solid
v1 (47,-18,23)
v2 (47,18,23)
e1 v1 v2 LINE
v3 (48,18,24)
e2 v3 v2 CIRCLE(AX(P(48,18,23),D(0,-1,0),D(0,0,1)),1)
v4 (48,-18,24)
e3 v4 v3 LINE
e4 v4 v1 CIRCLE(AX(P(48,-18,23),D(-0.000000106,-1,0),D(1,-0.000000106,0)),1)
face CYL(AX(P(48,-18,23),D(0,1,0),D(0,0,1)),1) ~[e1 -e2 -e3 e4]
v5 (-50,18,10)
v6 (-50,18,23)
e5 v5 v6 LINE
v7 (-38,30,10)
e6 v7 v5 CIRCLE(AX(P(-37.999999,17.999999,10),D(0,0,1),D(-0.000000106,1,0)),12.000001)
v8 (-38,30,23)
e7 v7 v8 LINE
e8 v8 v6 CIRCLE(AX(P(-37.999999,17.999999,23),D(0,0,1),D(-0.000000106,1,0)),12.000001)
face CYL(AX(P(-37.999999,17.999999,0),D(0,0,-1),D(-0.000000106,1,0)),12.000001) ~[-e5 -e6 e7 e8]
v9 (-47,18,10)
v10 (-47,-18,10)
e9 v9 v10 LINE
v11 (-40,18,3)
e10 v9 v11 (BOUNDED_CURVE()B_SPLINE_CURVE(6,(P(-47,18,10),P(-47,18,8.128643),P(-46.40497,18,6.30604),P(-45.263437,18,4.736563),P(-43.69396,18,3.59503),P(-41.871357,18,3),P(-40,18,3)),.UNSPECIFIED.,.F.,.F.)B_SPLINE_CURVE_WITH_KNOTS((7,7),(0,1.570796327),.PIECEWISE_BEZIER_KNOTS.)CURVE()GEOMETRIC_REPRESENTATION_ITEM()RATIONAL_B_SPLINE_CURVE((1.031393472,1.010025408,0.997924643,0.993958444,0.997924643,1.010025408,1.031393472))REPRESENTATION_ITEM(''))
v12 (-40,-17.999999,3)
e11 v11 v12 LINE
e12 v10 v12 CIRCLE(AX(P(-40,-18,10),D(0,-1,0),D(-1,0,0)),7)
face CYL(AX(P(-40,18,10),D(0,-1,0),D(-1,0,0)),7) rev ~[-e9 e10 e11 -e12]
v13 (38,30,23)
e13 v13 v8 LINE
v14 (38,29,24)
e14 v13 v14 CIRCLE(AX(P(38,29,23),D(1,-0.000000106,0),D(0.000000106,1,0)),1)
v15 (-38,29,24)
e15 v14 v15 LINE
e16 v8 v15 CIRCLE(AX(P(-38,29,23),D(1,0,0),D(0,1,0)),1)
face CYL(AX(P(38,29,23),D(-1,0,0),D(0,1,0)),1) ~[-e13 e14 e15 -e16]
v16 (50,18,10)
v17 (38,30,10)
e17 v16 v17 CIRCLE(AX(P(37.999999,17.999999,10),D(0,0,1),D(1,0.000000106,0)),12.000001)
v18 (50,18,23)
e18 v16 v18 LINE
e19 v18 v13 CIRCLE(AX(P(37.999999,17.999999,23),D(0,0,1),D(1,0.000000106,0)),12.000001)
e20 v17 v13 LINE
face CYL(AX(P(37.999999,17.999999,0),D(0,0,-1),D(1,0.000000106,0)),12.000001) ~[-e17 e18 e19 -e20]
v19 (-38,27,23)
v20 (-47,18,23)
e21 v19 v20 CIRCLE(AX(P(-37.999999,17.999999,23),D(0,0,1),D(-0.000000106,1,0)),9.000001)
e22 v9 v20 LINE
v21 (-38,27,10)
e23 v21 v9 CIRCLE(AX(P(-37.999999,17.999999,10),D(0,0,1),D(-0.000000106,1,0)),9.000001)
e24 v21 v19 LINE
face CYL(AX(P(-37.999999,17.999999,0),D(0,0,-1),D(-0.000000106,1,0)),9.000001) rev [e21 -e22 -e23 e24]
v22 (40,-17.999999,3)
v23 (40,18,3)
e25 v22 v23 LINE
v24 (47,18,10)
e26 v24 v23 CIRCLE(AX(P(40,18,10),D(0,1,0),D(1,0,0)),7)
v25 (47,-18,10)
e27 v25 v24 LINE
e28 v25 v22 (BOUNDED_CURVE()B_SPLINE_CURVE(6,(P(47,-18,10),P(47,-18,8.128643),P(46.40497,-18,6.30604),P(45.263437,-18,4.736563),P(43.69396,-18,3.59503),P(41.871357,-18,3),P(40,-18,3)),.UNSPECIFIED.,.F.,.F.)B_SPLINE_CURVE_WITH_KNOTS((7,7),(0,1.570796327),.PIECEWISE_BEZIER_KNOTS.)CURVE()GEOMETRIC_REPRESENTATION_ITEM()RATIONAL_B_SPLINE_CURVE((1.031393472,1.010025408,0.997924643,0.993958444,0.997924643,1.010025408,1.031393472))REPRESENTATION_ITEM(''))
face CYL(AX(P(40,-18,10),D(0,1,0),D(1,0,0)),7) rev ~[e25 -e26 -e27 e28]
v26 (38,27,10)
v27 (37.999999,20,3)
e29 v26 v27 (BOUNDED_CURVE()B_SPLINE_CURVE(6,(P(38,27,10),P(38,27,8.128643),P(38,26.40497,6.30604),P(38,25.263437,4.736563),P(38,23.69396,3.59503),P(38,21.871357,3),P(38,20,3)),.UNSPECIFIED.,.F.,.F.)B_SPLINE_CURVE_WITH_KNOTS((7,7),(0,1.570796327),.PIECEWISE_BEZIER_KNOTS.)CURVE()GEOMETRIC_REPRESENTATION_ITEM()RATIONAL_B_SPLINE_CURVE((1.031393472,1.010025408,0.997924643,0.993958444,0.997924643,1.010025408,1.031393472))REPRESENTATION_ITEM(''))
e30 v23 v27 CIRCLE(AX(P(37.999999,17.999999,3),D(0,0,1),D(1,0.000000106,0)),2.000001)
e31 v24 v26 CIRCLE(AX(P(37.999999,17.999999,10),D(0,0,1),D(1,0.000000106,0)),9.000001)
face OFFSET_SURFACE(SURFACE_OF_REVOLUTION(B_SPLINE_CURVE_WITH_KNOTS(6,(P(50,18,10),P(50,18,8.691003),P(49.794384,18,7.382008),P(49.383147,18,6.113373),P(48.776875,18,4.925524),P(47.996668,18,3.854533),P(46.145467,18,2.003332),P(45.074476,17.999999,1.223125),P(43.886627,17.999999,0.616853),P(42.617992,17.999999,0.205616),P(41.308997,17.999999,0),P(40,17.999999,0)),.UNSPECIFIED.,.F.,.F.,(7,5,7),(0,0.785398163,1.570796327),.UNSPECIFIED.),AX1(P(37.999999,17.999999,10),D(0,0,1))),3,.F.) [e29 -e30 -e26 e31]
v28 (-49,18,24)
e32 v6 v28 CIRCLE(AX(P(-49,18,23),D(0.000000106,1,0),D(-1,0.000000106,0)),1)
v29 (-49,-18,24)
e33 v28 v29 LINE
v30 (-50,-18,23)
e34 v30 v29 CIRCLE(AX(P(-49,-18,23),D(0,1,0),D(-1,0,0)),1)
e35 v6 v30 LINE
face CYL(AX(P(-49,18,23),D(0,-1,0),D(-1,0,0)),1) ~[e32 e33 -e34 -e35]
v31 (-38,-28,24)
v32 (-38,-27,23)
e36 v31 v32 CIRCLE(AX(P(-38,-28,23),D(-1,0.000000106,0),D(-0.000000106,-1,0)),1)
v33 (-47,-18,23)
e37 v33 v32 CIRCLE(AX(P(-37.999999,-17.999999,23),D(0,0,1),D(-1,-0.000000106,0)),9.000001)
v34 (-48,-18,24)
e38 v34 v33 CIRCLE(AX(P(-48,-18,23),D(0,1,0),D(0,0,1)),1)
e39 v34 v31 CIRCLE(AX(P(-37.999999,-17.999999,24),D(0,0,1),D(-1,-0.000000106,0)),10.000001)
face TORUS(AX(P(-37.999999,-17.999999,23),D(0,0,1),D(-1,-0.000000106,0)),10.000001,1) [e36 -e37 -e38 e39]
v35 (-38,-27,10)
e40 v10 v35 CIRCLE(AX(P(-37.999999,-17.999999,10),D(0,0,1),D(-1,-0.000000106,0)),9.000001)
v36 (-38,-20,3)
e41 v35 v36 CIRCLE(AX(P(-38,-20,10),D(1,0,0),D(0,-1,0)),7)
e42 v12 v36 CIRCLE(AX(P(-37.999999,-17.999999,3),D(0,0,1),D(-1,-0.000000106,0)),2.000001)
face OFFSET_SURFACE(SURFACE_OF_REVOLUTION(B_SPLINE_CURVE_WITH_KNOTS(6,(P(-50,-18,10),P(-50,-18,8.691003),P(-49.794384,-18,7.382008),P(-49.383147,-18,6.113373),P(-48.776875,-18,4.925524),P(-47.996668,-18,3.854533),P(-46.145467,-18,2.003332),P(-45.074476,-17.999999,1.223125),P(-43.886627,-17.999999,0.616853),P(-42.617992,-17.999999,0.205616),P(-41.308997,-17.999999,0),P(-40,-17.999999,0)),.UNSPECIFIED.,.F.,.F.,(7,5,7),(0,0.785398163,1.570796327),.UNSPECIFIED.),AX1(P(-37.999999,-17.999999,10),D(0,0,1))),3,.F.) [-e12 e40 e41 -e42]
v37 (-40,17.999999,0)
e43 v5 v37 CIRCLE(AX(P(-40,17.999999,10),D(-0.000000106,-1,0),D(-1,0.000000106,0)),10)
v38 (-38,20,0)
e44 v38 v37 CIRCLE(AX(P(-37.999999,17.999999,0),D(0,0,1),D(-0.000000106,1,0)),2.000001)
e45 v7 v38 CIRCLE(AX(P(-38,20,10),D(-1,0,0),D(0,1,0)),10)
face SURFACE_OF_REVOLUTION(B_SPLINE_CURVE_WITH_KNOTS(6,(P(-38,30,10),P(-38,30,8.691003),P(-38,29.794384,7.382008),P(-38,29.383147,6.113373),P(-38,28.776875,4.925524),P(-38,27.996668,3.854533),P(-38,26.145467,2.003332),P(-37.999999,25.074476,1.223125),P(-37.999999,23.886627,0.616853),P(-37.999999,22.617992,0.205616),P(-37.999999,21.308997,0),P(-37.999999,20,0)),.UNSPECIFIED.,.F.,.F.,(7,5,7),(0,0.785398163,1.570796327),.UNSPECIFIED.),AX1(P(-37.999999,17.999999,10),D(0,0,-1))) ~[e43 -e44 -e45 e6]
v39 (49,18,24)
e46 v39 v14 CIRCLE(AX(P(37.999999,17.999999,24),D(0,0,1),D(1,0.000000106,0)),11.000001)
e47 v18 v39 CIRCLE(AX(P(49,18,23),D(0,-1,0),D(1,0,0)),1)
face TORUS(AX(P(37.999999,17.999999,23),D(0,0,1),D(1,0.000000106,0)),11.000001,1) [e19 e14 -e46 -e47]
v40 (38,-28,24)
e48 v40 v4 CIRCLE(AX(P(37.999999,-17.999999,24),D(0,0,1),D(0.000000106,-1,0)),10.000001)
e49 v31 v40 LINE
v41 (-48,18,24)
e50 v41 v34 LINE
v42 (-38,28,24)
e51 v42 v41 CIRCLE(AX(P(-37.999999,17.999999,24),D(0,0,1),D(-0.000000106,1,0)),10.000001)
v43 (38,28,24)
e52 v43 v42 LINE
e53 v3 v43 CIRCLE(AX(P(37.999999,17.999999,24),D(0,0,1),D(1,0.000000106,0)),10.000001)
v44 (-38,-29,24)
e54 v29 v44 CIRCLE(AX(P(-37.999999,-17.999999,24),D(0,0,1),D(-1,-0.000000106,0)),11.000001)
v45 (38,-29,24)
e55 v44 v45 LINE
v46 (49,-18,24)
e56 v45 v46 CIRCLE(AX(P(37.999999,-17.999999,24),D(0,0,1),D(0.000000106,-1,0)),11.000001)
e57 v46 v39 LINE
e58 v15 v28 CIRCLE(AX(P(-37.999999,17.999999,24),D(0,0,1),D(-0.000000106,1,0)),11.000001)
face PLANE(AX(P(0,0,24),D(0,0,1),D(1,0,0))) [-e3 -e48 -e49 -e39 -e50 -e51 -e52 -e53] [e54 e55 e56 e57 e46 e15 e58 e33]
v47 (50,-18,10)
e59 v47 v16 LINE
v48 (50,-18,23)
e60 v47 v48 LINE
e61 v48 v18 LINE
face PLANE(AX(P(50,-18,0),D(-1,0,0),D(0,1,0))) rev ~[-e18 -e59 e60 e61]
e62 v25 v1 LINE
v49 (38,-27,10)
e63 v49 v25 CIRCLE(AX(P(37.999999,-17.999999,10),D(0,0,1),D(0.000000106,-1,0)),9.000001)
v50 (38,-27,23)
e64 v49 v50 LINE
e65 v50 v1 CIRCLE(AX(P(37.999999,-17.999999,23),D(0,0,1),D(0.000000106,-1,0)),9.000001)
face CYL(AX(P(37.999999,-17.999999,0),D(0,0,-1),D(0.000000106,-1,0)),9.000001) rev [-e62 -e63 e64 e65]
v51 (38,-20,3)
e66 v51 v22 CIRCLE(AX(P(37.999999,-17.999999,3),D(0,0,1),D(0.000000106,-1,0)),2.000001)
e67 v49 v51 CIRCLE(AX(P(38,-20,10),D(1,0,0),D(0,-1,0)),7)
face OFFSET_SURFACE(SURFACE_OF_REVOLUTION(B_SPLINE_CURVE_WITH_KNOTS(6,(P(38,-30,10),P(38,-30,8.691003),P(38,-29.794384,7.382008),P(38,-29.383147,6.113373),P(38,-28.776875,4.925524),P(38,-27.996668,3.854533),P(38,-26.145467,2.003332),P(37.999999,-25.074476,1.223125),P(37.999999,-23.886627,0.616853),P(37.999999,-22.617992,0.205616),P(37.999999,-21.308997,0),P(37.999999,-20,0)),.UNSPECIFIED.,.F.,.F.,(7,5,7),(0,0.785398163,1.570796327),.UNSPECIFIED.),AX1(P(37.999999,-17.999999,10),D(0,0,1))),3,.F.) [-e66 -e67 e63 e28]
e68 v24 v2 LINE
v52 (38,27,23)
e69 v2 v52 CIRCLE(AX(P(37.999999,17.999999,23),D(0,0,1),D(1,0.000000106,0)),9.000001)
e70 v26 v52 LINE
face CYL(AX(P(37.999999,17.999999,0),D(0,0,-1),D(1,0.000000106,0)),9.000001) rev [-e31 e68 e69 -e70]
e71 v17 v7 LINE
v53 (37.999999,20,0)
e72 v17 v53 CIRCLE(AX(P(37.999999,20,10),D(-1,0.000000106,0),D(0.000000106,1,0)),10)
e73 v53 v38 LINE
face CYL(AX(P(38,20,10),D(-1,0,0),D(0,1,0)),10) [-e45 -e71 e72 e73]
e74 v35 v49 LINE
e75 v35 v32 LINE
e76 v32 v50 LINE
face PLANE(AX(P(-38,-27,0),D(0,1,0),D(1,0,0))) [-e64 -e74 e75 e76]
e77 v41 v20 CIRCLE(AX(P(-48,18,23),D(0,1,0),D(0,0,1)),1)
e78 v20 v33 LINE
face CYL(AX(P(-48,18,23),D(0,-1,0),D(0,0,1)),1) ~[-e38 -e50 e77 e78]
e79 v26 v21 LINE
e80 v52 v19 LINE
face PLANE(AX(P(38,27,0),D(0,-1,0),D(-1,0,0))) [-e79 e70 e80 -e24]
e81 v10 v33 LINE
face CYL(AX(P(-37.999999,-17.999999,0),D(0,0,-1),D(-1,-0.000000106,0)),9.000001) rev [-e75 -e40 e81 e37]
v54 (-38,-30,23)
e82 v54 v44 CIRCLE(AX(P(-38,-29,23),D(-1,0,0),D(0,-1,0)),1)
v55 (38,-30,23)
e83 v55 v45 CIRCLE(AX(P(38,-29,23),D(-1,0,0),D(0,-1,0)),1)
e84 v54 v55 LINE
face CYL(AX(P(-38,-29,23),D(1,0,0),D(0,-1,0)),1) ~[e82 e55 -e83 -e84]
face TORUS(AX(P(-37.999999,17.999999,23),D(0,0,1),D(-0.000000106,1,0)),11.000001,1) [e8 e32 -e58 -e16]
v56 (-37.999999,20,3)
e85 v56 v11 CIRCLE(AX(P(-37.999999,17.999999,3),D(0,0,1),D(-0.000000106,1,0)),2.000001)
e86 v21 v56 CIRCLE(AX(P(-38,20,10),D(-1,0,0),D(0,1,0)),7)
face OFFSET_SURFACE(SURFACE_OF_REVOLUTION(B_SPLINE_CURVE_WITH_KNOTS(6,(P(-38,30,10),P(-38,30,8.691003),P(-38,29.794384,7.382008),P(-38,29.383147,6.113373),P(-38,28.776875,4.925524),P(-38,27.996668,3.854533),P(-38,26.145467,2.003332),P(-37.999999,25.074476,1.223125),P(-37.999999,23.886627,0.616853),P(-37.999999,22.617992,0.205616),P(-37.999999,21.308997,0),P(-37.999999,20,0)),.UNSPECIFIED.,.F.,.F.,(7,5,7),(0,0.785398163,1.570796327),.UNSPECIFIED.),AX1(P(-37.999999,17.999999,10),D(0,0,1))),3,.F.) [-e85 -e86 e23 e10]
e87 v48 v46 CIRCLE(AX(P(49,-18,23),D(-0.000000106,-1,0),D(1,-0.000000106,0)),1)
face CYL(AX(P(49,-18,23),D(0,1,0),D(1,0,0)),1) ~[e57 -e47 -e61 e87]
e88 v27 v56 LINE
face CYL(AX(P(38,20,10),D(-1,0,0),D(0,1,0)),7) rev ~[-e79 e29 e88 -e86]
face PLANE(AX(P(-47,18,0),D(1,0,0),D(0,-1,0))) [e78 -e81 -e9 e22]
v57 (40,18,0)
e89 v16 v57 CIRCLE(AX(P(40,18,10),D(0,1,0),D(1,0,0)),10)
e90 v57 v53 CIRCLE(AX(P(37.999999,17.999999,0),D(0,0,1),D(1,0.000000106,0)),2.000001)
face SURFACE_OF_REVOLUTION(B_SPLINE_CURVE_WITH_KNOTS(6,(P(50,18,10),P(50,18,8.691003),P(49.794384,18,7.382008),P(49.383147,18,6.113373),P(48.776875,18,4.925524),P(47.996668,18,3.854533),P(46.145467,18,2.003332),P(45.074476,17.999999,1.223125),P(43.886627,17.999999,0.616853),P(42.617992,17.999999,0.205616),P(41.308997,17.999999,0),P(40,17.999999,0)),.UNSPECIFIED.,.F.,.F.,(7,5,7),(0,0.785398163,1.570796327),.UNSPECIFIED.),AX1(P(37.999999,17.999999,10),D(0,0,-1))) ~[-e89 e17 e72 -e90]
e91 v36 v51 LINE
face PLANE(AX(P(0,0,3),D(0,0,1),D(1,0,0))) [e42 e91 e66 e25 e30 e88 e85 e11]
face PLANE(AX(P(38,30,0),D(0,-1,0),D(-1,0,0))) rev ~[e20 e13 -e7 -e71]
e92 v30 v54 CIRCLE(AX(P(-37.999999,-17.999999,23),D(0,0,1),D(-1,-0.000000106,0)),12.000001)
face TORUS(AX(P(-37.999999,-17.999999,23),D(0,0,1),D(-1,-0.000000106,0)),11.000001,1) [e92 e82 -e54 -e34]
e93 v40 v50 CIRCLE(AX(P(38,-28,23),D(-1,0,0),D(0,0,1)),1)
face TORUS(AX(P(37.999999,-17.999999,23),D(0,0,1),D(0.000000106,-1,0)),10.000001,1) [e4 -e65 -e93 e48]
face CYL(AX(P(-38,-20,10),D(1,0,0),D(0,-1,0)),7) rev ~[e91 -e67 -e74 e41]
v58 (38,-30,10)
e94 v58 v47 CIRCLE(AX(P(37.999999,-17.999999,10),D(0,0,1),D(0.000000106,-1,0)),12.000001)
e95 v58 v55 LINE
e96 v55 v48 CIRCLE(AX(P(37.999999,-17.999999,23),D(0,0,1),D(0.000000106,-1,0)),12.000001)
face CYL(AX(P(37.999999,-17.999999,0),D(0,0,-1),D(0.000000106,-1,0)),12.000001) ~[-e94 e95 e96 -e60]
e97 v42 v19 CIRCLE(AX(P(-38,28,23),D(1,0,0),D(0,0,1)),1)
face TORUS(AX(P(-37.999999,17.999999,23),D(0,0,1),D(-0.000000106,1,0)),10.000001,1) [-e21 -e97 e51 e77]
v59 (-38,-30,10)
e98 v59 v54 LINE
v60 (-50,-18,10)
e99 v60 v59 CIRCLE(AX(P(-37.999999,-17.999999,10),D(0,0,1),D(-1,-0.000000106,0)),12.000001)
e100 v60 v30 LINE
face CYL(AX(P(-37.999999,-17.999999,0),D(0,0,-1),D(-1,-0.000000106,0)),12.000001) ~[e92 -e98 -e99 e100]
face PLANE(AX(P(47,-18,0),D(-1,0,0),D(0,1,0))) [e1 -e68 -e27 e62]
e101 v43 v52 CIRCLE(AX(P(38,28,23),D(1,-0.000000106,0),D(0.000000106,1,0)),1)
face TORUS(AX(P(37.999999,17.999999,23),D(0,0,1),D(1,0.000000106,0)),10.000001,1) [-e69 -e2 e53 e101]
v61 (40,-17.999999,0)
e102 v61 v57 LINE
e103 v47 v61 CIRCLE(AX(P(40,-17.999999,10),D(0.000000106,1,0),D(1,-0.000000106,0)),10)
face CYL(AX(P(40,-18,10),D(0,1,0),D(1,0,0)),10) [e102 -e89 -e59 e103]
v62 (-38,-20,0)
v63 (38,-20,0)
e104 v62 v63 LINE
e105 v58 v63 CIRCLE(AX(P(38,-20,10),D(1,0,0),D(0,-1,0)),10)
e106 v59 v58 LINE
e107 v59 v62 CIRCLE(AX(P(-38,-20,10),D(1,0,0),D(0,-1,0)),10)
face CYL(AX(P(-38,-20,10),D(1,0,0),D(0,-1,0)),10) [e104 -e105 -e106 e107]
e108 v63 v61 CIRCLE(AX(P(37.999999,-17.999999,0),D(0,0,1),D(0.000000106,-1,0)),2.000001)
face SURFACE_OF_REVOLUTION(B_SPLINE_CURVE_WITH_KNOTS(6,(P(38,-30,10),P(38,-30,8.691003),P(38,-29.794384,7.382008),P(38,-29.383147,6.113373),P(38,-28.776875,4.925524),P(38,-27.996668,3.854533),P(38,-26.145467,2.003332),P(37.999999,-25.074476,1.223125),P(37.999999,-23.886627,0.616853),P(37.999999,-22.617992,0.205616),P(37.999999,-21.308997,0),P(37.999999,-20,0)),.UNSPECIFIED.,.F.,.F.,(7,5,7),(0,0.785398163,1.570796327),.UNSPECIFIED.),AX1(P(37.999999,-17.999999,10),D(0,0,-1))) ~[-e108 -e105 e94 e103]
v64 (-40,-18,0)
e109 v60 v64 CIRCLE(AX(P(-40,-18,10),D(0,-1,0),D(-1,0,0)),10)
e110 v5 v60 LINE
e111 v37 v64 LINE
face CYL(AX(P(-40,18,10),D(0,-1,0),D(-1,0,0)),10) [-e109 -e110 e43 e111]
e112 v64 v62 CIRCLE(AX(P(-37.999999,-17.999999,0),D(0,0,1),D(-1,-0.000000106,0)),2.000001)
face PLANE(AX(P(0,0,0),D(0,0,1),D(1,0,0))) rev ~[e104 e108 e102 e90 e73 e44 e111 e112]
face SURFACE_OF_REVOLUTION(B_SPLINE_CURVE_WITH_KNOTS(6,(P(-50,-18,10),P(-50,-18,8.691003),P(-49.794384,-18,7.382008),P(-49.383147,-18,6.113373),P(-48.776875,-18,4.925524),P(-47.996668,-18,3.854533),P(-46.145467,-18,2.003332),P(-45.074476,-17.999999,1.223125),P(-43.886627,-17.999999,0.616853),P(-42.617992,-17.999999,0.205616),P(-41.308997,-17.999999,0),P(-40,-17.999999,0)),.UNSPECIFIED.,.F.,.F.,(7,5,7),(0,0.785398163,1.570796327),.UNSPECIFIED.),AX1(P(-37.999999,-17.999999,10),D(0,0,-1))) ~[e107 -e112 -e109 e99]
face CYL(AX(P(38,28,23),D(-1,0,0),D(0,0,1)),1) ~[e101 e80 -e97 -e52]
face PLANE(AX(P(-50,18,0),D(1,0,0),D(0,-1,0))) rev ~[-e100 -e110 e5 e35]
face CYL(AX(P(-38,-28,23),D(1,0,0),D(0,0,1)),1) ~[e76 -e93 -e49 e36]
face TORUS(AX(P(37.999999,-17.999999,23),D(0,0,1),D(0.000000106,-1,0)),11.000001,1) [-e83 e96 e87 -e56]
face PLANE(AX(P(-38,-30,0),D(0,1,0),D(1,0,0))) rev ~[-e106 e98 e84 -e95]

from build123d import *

# Parameters (mm, degrees)
PAD_DEPTH   = 24
FILLET_R    = 10
THICKNESS_T = -3
FILLET001_R = 1


with BuildPart() as part:
    # Sketch (on XY_Plane of Origin) → Pad (new body)
    with BuildSketch(Plane.XY):
        with BuildLine():
            Line((-38, -30), (38, -30))
            ThreePointArc((38, -30), (46.485281, -26.485281), (50, -18))
            Line((50, -18), (50, 18))
            ThreePointArc((50, 18), (46.485281, 26.485281), (38, 30))
            Line((38, 30), (-38, 30))
            ThreePointArc((-38, 30), (-46.485281, 26.485281), (-50, 18))
            Line((-50, 18), (-50, -18))
            ThreePointArc((-50, -18), (-46.485281, -26.485281), (-38, -30))
        make_face()
    extrude(amount=PAD_DEPTH)

    # Fillet
    fillet_edges = [part.edges().sort_by_distance(p)[0] for p in [
        (0, -30, 0),
    ]]
    fillet(fillet_edges, radius=FILLET_R)

    # Thickness
    thickness_openings = [part.faces().sort_by_distance(p)[0] for p in [
        (0, 0, 24),
    ]]
    offset(amount=THICKNESS_T, openings=thickness_openings)

    # Fillet001
    fillet001_edges = [part.edges().sort_by_distance(p)[0] for p in [
        (0, -30, 24),
        (-47, 0, 24),
    ]]
    fillet(fillet001_edges, radius=FILLET001_R)


solid = part.part
